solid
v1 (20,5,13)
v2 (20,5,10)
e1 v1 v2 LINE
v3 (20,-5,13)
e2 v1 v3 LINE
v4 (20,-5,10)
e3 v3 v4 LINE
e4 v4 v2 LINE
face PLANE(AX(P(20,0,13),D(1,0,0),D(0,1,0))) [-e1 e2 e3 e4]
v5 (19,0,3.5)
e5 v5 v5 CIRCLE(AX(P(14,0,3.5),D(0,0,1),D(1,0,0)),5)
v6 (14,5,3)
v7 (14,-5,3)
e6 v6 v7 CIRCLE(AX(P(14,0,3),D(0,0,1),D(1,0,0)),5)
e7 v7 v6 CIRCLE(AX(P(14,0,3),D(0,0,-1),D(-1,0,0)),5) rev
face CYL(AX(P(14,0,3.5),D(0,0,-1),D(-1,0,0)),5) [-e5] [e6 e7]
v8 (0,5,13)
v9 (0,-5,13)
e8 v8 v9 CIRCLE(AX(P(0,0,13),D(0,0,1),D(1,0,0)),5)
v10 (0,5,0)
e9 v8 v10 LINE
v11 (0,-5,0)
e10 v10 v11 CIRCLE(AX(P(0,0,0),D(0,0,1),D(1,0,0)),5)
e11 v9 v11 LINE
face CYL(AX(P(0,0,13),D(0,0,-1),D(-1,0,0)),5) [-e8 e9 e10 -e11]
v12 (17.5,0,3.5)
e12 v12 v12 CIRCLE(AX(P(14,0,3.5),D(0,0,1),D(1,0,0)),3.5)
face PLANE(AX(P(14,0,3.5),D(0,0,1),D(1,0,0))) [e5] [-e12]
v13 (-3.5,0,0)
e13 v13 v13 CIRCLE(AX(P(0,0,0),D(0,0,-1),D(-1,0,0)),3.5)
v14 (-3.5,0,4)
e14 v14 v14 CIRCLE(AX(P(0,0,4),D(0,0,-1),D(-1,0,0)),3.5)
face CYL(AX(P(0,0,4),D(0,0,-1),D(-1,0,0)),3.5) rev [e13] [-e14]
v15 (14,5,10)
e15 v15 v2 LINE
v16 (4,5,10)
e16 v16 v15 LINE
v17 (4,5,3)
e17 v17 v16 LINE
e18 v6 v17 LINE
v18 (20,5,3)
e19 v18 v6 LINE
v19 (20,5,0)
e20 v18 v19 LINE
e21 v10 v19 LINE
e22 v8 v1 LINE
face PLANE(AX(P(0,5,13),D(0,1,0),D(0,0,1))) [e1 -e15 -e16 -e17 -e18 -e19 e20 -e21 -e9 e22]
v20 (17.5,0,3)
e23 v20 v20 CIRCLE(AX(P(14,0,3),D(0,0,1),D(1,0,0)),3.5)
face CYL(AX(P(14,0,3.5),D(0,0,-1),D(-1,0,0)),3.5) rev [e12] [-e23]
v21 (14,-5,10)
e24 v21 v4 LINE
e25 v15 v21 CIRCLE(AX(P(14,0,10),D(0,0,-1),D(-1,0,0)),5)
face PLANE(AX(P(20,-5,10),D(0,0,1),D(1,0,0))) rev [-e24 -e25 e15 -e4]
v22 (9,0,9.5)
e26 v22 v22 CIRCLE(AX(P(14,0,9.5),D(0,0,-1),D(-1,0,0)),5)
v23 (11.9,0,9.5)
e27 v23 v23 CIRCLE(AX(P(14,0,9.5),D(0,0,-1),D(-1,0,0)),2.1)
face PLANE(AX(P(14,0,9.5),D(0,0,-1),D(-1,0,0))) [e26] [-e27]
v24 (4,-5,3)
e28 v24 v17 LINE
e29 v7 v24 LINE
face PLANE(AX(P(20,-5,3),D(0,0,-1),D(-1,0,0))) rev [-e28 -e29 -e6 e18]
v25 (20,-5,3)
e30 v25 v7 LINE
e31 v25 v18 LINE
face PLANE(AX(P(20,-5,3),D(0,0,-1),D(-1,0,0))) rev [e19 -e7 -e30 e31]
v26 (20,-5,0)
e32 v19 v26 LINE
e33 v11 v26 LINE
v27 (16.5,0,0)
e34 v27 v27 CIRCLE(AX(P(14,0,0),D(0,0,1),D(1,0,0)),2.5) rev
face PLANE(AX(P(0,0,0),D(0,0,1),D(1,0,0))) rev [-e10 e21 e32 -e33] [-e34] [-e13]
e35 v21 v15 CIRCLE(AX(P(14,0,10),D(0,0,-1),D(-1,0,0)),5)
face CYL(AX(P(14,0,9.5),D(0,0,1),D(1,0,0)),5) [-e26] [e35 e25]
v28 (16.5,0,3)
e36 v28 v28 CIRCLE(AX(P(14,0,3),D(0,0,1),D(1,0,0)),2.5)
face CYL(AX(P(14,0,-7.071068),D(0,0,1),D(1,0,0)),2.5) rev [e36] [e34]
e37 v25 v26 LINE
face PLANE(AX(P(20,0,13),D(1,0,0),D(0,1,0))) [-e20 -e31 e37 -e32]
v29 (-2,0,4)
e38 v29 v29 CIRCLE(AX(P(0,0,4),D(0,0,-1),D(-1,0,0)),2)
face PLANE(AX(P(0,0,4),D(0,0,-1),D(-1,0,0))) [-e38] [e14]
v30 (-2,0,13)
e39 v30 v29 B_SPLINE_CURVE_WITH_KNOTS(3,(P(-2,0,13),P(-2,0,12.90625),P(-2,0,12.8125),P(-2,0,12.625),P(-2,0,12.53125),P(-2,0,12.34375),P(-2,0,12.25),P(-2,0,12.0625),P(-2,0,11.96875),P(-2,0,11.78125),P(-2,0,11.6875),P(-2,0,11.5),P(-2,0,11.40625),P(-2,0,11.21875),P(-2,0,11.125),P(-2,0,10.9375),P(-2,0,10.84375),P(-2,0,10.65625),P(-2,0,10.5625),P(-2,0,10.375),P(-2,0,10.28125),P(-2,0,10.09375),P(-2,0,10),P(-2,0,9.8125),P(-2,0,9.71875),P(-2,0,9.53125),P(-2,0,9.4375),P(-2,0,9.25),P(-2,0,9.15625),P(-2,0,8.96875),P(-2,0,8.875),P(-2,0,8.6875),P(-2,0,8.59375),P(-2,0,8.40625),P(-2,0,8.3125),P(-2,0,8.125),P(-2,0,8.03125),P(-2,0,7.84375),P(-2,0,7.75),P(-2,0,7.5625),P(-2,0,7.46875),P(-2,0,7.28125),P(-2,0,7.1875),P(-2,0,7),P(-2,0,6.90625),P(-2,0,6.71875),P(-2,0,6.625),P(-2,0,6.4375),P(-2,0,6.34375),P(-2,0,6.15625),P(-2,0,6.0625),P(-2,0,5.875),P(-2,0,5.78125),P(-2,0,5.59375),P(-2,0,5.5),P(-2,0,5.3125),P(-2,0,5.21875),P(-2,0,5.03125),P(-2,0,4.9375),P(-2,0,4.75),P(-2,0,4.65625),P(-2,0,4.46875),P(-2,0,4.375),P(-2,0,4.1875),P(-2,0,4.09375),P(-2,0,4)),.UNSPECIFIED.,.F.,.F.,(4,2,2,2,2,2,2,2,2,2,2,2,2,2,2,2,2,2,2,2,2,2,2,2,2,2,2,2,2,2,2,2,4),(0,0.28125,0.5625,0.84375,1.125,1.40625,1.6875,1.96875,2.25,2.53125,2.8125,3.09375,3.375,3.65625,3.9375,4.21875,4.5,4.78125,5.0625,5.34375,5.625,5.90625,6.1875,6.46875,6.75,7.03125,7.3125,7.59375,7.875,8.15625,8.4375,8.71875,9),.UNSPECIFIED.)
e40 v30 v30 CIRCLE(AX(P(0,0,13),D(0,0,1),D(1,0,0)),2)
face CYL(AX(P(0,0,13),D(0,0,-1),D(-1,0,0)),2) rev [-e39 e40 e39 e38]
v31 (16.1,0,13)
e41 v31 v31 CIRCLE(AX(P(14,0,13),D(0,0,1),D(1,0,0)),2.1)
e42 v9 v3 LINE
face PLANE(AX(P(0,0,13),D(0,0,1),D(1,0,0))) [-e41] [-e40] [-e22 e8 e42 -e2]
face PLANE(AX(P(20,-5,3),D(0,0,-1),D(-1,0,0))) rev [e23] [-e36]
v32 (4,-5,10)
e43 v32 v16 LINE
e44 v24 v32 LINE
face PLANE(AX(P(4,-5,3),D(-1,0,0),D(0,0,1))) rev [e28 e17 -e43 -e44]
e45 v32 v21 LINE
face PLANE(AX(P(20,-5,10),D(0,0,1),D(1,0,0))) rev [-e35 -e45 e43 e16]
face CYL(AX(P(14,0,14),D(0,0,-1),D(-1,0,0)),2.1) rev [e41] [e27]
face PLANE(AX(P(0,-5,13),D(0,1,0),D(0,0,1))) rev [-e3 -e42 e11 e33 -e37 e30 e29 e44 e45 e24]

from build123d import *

# Parameters (mm, degrees)
AUFSATZ_LINEAR_AUSTRAGEN1_DEPTH = 13
SKIZZE2_W                       = 16
SKIZZE2_H                       = 7
SCHNITT_LINEAR_AUSTRAGEN1_DEPTH = 10
SKIZZE4_R                       = 2.5
SCHNITT_LINEAR_AUSTRAGEN2_DEPTH = 3
SKIZZE5_R                       = 3.5
SKIZZE5_R_2                     = 2
SCHNITT_LINEAR_AUSTRAGEN3_DEPTH = 4
SKIZZE6_R                       = 2.1
SCHNITT_LINEAR_AUSTRAGEN4_DEPTH = 4
SKIZZE7_R                       = 5
SKIZZE7_R_2                     = 3.5
AUFSATZ_LINEAR_AUSTRAGEN2_DEPTH = 0.5
AUFSATZ_LINEAR_START            = 0.5
SKIZZE8_R                       = 5
SKIZZE8_R_2                     = 2.1
AUFSATZ_LINEAR_AUSTRAGEN3_DEPTH = 0.5


with BuildPart() as part:
    # Skizze1 → Aufsatz-Linear austragen1 (new body)
    with BuildSketch(Plane.XY):
        with BuildLine():
            ThreePointArc((5, 0), (3.535533906, 3.535533906), (0, 5))
            Line((0, 5), (0, 2))
            ThreePointArc((0, 2), (1.414213562, 1.414213562), (2, 0))
            ThreePointArc((2, 0), (1.414213562, -1.414213562), (0, -2))
            Line((0, -2), (0, -5))
            ThreePointArc((0, -5), (3.535533906, -3.535533906), (5, 0))
        make_face()
        with BuildLine():
            Line((0, 2), (0, 5))
            ThreePointArc((0, 5), (-5, 0), (0, -5))
            Line((0, -5), (0, -2))
            ThreePointArc((0, -2), (-2, 0), (0, 2))
        make_face()
        with BuildLine():
            Line((20, 5), (0, 5))
            ThreePointArc((0, 5), (3.535533906, 3.535533906), (5, 0))
            ThreePointArc((5, 0), (3.535533906, -3.535533906), (0, -5))
            Line((0, -5), (20, -5))
            Line((20, -5), (20, 5))
        make_face()
    extrude(amount=AUFSATZ_LINEAR_AUSTRAGEN1_DEPTH)

    # Skizze2 → Schnitt-Linear austragen1 (cut)
    with BuildSketch(Plane(origin=(0, 5, 0), x_dir=(1, 0, 0), z_dir=(0, 1, 0))):
        with Locations((12, -6.5)):
            Rectangle(SKIZZE2_W, SKIZZE2_H)
    extrude(amount=-SCHNITT_LINEAR_AUSTRAGEN1_DEPTH, mode=Mode.SUBTRACT)

    # Skizze4 → Schnitt-Linear austragen2 (cut)
    with BuildSketch(Plane.XY.offset(3)):
        with Locations((14, 0)):
            Circle(SKIZZE4_R)
    extrude(amount=-SCHNITT_LINEAR_AUSTRAGEN2_DEPTH, mode=Mode.SUBTRACT)

    # Skizze5 → Schnitt-Linear austragen3 (cut)
    with BuildSketch(Plane(origin=(0, 0, 0), x_dir=(-1, 0, 0), z_dir=(0, 0, -1))):
        Circle(SKIZZE5_R)
        Circle(SKIZZE5_R_2, mode=Mode.SUBTRACT)
    extrude(amount=-SCHNITT_LINEAR_AUSTRAGEN3_DEPTH, mode=Mode.SUBTRACT)

    # Skizze6 → Schnitt-Linear austragen4 (cut)
    with BuildSketch(Plane(origin=(0, 0, 10), x_dir=(-1, 0, 0), z_dir=(0, 0, -1))):
        with Locations((-14, 0)):
            Circle(SKIZZE6_R)
    extrude(amount=-SCHNITT_LINEAR_AUSTRAGEN4_DEPTH, mode=Mode.SUBTRACT)

    # Skizze7 → Aufsatz-Linear austragen2 (add)
    with BuildSketch(Plane.XY.offset(3)):
        with Locations(Location((14, 0, 0), (0, 0, 270))):
            Circle(SKIZZE7_R)
        with Locations((14, 0)):
            Circle(SKIZZE7_R_2, mode=Mode.SUBTRACT)
    extrude(amount=AUFSATZ_LINEAR_AUSTRAGEN2_DEPTH)

    # Skizze8 → Aufsatz-Linear austragen3 (add)
    with BuildSketch(Plane(origin=(0, 0, 10), x_dir=(-1, 0, 0), z_dir=(0, 0, -1)).offset(AUFSATZ_LINEAR_START)):
        with Locations(Location((-14, 0, 0), (0, 0, 270))):
            Circle(SKIZZE8_R)
        with Locations((-14, 0)):
            Circle(SKIZZE8_R_2, mode=Mode.SUBTRACT)
    extrude(amount=-AUFSATZ_LINEAR_AUSTRAGEN3_DEPTH)


solid = part.part
